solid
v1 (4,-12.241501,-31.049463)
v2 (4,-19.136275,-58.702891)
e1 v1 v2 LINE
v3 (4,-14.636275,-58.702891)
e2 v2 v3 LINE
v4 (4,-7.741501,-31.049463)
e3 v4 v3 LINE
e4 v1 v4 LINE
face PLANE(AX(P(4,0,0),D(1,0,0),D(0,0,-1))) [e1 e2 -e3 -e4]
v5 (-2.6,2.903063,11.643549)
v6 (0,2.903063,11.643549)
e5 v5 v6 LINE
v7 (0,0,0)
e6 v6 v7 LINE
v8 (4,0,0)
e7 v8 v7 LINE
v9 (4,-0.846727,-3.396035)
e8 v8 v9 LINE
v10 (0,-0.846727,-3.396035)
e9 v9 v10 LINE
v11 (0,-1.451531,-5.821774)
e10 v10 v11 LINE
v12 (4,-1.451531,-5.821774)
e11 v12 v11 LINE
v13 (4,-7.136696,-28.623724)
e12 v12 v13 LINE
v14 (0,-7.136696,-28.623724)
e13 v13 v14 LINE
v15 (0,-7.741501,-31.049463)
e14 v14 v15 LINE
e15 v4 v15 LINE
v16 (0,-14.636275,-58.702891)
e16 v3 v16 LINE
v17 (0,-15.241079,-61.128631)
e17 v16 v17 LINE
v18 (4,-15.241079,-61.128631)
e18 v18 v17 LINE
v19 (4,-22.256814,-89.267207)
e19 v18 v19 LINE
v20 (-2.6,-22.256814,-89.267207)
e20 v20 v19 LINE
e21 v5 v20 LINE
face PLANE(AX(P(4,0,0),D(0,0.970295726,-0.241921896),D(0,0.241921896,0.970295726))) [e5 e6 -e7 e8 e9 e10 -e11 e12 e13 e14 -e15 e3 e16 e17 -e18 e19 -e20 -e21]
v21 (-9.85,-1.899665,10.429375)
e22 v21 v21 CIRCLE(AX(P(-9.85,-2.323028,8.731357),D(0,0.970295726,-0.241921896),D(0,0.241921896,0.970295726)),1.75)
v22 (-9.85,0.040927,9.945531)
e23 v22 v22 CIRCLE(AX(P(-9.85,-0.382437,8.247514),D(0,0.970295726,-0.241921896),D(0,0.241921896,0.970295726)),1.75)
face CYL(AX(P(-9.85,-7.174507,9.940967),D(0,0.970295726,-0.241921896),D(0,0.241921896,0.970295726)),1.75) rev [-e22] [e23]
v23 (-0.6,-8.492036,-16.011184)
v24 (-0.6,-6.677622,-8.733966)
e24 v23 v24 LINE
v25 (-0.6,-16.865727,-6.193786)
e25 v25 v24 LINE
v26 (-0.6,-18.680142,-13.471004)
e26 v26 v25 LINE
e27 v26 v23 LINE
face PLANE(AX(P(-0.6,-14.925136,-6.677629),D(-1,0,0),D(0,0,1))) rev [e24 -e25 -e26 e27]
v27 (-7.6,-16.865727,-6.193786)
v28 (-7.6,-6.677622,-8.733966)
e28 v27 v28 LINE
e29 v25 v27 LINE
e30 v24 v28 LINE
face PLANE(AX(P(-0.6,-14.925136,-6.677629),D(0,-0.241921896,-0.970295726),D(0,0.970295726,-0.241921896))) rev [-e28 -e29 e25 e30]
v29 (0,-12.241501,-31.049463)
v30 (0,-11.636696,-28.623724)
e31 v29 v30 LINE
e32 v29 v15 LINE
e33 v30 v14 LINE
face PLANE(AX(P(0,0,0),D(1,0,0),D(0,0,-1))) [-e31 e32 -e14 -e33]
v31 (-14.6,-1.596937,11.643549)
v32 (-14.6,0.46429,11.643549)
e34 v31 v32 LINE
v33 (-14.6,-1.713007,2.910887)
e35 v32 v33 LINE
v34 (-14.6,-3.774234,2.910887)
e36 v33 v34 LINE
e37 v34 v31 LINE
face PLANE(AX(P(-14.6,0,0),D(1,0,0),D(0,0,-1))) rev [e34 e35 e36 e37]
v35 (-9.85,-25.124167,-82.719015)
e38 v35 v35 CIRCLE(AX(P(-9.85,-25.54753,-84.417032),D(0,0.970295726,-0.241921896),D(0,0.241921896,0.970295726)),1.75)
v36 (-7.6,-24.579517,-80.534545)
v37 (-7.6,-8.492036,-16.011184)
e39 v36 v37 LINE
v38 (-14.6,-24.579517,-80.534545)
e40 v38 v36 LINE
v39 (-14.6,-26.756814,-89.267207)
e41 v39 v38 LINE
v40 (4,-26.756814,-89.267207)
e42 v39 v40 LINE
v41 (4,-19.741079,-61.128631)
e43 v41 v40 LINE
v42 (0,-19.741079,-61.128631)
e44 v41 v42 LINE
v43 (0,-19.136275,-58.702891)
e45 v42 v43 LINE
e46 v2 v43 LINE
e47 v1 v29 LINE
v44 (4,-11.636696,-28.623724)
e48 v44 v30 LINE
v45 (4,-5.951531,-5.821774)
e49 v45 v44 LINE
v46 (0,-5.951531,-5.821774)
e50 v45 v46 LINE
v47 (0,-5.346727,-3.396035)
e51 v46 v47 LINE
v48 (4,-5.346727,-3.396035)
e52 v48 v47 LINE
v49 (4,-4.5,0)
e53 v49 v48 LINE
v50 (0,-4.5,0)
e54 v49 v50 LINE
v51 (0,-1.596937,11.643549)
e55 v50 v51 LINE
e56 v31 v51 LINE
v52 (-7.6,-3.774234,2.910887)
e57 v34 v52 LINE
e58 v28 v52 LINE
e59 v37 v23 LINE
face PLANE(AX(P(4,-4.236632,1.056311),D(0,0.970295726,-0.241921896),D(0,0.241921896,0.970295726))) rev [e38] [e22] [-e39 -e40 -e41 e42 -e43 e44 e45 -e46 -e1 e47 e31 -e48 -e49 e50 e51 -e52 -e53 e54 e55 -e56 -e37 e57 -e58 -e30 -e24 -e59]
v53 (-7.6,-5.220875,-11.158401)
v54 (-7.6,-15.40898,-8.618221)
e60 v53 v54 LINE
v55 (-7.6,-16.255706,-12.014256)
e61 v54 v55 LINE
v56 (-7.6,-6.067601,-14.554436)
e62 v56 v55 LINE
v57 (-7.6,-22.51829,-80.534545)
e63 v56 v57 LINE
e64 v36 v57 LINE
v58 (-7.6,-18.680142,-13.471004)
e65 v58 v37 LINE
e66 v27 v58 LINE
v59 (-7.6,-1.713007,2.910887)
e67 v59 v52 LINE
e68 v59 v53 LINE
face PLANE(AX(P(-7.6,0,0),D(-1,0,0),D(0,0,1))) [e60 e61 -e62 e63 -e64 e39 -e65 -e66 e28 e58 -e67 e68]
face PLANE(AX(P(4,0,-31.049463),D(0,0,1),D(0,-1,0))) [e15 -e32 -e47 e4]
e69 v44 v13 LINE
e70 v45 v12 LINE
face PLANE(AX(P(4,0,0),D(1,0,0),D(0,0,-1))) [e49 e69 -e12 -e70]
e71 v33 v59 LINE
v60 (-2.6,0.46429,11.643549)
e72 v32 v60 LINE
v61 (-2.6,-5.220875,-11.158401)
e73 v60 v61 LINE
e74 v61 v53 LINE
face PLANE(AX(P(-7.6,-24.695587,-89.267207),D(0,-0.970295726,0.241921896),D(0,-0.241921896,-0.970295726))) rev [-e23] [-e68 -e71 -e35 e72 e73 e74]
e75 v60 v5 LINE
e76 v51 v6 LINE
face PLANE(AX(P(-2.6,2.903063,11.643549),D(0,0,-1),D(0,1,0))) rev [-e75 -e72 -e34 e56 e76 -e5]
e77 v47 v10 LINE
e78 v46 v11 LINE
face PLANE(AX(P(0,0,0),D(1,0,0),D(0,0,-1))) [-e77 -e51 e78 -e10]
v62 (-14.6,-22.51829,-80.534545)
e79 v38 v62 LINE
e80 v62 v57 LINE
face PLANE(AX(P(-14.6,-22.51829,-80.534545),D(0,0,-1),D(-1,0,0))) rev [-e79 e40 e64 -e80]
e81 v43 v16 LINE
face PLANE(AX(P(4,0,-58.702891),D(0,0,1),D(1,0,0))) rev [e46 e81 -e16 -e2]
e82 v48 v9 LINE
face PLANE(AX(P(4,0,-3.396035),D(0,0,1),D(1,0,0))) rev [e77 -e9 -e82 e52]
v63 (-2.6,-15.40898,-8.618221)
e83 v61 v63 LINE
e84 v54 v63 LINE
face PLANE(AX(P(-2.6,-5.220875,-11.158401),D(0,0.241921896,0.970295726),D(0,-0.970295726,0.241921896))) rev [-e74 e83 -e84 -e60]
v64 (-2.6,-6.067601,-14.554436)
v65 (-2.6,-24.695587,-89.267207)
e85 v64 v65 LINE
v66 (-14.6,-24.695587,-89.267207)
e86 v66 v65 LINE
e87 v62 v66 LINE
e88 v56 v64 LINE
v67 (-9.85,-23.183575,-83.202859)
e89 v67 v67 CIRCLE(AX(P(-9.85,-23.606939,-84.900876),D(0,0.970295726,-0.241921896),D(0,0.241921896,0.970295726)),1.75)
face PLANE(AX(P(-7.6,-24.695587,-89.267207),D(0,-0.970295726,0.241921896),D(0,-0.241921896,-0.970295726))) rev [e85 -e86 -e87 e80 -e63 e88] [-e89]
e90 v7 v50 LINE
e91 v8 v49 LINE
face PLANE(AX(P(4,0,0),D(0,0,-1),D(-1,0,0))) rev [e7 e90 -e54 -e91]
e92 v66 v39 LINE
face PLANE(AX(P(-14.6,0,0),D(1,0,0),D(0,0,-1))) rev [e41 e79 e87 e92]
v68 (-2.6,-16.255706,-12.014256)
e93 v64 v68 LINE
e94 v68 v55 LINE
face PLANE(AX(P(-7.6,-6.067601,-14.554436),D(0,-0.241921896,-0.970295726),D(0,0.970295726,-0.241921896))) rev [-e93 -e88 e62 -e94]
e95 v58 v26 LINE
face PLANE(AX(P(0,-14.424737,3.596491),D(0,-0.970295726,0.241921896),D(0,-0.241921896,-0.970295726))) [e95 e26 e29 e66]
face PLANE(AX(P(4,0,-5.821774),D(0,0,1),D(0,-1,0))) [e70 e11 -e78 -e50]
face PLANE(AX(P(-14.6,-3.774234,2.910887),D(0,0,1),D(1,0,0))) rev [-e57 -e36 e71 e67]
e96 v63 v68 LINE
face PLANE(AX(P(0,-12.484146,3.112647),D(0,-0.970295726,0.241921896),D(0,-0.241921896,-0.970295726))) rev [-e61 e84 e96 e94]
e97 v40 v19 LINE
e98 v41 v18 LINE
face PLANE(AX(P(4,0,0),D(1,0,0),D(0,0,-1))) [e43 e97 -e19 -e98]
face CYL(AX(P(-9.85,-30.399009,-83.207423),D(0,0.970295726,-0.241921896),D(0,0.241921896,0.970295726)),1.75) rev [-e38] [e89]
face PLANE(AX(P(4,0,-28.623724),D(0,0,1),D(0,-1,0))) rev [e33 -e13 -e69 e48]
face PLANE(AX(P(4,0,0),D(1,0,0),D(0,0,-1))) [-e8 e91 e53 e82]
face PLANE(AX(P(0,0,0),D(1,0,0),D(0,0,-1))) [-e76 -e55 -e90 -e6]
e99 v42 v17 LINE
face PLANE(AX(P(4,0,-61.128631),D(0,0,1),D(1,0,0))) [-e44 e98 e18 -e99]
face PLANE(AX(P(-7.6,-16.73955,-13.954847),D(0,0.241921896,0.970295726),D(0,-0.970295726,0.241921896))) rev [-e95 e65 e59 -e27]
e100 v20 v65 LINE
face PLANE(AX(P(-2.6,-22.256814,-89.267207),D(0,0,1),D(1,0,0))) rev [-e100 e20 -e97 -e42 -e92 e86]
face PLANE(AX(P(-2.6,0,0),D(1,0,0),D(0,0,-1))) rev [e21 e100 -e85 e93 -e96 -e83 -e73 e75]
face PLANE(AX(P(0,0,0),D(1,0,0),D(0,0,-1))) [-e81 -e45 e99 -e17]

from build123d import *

# Parameters (mm, degrees)
SIDE_COMB_DEPTH           = 4
SIDE_COMB_2_DEPTH         = 4
SIDE_COMB_3_DEPTH         = 4
SIDE_COMB_4_DEPTH         = 4
SIDE_SPACER_DEPTH         = 2.6
NARROW_SUPPORT_DEPTH      = 5
SCREW_TABS_DEPTH          = 7
SKETCH5_R                 = 1.75
SCREW_HOLES_DEPTH         = 7
SKETCH7_W                 = 5
SKETCH7_H                 = 3.5
GAP_FOR_SUPPORT_BAR_DEPTH = 2
SUPPORT_BAR_SIDES_DEPTH   = 8.5
SKETCH8_W                 = 7
SKETCH8_H                 = 7.5
SUPPORT_BAR_BOTTOM_DEPTH  = 2


with BuildPart() as part:
    # Sketch1 → Side comb (new body)
    with BuildSketch(Plane(origin=(0, 0, 0), x_dir=(0, 0, -1), z_dir=(1, 0, 0))):
        Polygon((3.396035042, -0.846726635), (0, 0), (0, -4.5), (3.396035042, -5.346726635), align=None)
    extrude(amount=SIDE_COMB_DEPTH)



with BuildPart() as body_2:
    # Sketch1 → Side comb 2 (new body)
    with BuildSketch(Plane(origin=(0, 0, 0), x_dir=(0, 0, -1), z_dir=(1, 0, 0))):
        Polygon((28.623723925, -7.13669592), (5.821774358, -1.451531374), (5.821774358, -5.951531374), (28.623723925, -11.63669592), align=None)
    extrude(amount=SIDE_COMB_2_DEPTH)


with BuildPart() as body_3:
    # Sketch1 → Side comb 3 (new body)
    with BuildSketch(Plane(origin=(0, 0, 0), x_dir=(0, 0, -1), z_dir=(1, 0, 0))):
        Polygon((58.70289144, -14.636274684), (31.049463241, -7.741500659), (31.049463241, -12.241500659), (58.70289144, -19.136274684), align=None)
    extrude(amount=SIDE_COMB_3_DEPTH)


with BuildPart() as body_4:
    # Sketch1 → Side comb 4 (new body)
    with BuildSketch(Plane(origin=(0, 0, 0), x_dir=(0, 0, -1), z_dir=(1, 0, 0))):
        Polygon((89.267206817, -22.256814395), (61.128630755, -15.241079423), (61.128630755, -19.741079423), (89.267206817, -26.756814395), align=None)
    extrude(amount=SIDE_COMB_4_DEPTH)


with BuildPart() as part_1:
    add(part.part)

    add(body_2.part)  # Side spacer merges body 2

    add(body_3.part)  # Side spacer merges body 3

    add(body_4.part)  # Side spacer merges body 4
    # Sketch2 → Side spacer (add)
    with BuildSketch(Plane.ZY):
        Polygon((-89.267206817, -22.256814395), (-89.267206817, -26.756814395), (11.643548715, -1.596937253), (11.643548715, 2.903062747), align=None)
    extrude(amount=SIDE_SPACER_DEPTH)

    # Sketch3 → Narrow support (add)
    with BuildSketch(Plane.ZY.offset(2.6)):
        Polygon((-89.267206817, -24.695587136), (11.643548715, 0.464290006), (11.643548715, -1.596937253), (-89.267206817, -26.756814395), align=None)
    extrude(amount=NARROW_SUPPORT_DEPTH)

    # Sketch4 → Screw tabs (add)
    with BuildSketch(Plane.ZY.offset(7.6)):
        Polygon((-89.267206817, -24.695587136), (-80.534545281, -22.518290076), (-80.534545281, -24.579517335), (-89.267206817, -26.756814395), align=None)
        Polygon((11.643548715, 0.464290006), (11.643548715, -1.596937253), (2.910887179, -3.774234313), (2.910887179, -1.713007055), align=None)
    extrude(amount=SCREW_TABS_DEPTH)

    # Sketch5 → Screw holes (cut)
    with BuildSketch(Plane(origin=(0, -2.296040631, 0.572467225), x_dir=(1, 0, 0), z_dir=(0, 0.970295726, -0.241921896))):
        with Locations((-9.85, 88.089992525)):
            Circle(SKETCH5_R)
        with Locations((-9.85, -7.910007475)):
            Circle(SKETCH5_R)
    extrude(amount=-SCREW_HOLES_DEPTH, mode=Mode.SUBTRACT)

    # Sketch7 → Gap for support bar (cut)
    with BuildSketch(Plane(origin=(0, -4.236632084, 1.056311016), x_dir=(1, 0, 0), z_dir=(0, -0.970295726, 0.241921896))):
        with Locations((-5.1, -13.839992525)):
            Rectangle(SKETCH7_W, SKETCH7_H)
    extrude(amount=-GAP_FOR_SUPPORT_BAR_DEPTH, mode=Mode.SUBTRACT)

    # Sketch6 → Support bar sides (add)
    with BuildSketch(Plane(origin=(0, -4.236632084, 1.056311016), x_dir=(1, 0, 0), z_dir=(0, -0.970295726, 0.241921896))):
        Polygon((-2.6, -12.089992525), (-7.6, -12.089992525), (-7.6, -10.089992525), (-0.6, -10.089992525), (-0.6, -17.589992525), (-7.6, -17.589992525), (-7.6, -15.589992525), (-2.6, -15.589992525), align=None)
    extrude(amount=SUPPORT_BAR_SIDES_DEPTH)

    # Sketch8 → Support bar bottom (add)
    with BuildSketch(Plane(origin=(0, -12.484145757, 3.112647129), x_dir=(1, 0, 0), z_dir=(0, -0.970295726, 0.241921896))):
        with Locations((-4.1, -13.839992525)):
            Rectangle(SKETCH8_W, SKETCH8_H)
    extrude(amount=SUPPORT_BAR_BOTTOM_DEPTH)


solid = part_1.part
